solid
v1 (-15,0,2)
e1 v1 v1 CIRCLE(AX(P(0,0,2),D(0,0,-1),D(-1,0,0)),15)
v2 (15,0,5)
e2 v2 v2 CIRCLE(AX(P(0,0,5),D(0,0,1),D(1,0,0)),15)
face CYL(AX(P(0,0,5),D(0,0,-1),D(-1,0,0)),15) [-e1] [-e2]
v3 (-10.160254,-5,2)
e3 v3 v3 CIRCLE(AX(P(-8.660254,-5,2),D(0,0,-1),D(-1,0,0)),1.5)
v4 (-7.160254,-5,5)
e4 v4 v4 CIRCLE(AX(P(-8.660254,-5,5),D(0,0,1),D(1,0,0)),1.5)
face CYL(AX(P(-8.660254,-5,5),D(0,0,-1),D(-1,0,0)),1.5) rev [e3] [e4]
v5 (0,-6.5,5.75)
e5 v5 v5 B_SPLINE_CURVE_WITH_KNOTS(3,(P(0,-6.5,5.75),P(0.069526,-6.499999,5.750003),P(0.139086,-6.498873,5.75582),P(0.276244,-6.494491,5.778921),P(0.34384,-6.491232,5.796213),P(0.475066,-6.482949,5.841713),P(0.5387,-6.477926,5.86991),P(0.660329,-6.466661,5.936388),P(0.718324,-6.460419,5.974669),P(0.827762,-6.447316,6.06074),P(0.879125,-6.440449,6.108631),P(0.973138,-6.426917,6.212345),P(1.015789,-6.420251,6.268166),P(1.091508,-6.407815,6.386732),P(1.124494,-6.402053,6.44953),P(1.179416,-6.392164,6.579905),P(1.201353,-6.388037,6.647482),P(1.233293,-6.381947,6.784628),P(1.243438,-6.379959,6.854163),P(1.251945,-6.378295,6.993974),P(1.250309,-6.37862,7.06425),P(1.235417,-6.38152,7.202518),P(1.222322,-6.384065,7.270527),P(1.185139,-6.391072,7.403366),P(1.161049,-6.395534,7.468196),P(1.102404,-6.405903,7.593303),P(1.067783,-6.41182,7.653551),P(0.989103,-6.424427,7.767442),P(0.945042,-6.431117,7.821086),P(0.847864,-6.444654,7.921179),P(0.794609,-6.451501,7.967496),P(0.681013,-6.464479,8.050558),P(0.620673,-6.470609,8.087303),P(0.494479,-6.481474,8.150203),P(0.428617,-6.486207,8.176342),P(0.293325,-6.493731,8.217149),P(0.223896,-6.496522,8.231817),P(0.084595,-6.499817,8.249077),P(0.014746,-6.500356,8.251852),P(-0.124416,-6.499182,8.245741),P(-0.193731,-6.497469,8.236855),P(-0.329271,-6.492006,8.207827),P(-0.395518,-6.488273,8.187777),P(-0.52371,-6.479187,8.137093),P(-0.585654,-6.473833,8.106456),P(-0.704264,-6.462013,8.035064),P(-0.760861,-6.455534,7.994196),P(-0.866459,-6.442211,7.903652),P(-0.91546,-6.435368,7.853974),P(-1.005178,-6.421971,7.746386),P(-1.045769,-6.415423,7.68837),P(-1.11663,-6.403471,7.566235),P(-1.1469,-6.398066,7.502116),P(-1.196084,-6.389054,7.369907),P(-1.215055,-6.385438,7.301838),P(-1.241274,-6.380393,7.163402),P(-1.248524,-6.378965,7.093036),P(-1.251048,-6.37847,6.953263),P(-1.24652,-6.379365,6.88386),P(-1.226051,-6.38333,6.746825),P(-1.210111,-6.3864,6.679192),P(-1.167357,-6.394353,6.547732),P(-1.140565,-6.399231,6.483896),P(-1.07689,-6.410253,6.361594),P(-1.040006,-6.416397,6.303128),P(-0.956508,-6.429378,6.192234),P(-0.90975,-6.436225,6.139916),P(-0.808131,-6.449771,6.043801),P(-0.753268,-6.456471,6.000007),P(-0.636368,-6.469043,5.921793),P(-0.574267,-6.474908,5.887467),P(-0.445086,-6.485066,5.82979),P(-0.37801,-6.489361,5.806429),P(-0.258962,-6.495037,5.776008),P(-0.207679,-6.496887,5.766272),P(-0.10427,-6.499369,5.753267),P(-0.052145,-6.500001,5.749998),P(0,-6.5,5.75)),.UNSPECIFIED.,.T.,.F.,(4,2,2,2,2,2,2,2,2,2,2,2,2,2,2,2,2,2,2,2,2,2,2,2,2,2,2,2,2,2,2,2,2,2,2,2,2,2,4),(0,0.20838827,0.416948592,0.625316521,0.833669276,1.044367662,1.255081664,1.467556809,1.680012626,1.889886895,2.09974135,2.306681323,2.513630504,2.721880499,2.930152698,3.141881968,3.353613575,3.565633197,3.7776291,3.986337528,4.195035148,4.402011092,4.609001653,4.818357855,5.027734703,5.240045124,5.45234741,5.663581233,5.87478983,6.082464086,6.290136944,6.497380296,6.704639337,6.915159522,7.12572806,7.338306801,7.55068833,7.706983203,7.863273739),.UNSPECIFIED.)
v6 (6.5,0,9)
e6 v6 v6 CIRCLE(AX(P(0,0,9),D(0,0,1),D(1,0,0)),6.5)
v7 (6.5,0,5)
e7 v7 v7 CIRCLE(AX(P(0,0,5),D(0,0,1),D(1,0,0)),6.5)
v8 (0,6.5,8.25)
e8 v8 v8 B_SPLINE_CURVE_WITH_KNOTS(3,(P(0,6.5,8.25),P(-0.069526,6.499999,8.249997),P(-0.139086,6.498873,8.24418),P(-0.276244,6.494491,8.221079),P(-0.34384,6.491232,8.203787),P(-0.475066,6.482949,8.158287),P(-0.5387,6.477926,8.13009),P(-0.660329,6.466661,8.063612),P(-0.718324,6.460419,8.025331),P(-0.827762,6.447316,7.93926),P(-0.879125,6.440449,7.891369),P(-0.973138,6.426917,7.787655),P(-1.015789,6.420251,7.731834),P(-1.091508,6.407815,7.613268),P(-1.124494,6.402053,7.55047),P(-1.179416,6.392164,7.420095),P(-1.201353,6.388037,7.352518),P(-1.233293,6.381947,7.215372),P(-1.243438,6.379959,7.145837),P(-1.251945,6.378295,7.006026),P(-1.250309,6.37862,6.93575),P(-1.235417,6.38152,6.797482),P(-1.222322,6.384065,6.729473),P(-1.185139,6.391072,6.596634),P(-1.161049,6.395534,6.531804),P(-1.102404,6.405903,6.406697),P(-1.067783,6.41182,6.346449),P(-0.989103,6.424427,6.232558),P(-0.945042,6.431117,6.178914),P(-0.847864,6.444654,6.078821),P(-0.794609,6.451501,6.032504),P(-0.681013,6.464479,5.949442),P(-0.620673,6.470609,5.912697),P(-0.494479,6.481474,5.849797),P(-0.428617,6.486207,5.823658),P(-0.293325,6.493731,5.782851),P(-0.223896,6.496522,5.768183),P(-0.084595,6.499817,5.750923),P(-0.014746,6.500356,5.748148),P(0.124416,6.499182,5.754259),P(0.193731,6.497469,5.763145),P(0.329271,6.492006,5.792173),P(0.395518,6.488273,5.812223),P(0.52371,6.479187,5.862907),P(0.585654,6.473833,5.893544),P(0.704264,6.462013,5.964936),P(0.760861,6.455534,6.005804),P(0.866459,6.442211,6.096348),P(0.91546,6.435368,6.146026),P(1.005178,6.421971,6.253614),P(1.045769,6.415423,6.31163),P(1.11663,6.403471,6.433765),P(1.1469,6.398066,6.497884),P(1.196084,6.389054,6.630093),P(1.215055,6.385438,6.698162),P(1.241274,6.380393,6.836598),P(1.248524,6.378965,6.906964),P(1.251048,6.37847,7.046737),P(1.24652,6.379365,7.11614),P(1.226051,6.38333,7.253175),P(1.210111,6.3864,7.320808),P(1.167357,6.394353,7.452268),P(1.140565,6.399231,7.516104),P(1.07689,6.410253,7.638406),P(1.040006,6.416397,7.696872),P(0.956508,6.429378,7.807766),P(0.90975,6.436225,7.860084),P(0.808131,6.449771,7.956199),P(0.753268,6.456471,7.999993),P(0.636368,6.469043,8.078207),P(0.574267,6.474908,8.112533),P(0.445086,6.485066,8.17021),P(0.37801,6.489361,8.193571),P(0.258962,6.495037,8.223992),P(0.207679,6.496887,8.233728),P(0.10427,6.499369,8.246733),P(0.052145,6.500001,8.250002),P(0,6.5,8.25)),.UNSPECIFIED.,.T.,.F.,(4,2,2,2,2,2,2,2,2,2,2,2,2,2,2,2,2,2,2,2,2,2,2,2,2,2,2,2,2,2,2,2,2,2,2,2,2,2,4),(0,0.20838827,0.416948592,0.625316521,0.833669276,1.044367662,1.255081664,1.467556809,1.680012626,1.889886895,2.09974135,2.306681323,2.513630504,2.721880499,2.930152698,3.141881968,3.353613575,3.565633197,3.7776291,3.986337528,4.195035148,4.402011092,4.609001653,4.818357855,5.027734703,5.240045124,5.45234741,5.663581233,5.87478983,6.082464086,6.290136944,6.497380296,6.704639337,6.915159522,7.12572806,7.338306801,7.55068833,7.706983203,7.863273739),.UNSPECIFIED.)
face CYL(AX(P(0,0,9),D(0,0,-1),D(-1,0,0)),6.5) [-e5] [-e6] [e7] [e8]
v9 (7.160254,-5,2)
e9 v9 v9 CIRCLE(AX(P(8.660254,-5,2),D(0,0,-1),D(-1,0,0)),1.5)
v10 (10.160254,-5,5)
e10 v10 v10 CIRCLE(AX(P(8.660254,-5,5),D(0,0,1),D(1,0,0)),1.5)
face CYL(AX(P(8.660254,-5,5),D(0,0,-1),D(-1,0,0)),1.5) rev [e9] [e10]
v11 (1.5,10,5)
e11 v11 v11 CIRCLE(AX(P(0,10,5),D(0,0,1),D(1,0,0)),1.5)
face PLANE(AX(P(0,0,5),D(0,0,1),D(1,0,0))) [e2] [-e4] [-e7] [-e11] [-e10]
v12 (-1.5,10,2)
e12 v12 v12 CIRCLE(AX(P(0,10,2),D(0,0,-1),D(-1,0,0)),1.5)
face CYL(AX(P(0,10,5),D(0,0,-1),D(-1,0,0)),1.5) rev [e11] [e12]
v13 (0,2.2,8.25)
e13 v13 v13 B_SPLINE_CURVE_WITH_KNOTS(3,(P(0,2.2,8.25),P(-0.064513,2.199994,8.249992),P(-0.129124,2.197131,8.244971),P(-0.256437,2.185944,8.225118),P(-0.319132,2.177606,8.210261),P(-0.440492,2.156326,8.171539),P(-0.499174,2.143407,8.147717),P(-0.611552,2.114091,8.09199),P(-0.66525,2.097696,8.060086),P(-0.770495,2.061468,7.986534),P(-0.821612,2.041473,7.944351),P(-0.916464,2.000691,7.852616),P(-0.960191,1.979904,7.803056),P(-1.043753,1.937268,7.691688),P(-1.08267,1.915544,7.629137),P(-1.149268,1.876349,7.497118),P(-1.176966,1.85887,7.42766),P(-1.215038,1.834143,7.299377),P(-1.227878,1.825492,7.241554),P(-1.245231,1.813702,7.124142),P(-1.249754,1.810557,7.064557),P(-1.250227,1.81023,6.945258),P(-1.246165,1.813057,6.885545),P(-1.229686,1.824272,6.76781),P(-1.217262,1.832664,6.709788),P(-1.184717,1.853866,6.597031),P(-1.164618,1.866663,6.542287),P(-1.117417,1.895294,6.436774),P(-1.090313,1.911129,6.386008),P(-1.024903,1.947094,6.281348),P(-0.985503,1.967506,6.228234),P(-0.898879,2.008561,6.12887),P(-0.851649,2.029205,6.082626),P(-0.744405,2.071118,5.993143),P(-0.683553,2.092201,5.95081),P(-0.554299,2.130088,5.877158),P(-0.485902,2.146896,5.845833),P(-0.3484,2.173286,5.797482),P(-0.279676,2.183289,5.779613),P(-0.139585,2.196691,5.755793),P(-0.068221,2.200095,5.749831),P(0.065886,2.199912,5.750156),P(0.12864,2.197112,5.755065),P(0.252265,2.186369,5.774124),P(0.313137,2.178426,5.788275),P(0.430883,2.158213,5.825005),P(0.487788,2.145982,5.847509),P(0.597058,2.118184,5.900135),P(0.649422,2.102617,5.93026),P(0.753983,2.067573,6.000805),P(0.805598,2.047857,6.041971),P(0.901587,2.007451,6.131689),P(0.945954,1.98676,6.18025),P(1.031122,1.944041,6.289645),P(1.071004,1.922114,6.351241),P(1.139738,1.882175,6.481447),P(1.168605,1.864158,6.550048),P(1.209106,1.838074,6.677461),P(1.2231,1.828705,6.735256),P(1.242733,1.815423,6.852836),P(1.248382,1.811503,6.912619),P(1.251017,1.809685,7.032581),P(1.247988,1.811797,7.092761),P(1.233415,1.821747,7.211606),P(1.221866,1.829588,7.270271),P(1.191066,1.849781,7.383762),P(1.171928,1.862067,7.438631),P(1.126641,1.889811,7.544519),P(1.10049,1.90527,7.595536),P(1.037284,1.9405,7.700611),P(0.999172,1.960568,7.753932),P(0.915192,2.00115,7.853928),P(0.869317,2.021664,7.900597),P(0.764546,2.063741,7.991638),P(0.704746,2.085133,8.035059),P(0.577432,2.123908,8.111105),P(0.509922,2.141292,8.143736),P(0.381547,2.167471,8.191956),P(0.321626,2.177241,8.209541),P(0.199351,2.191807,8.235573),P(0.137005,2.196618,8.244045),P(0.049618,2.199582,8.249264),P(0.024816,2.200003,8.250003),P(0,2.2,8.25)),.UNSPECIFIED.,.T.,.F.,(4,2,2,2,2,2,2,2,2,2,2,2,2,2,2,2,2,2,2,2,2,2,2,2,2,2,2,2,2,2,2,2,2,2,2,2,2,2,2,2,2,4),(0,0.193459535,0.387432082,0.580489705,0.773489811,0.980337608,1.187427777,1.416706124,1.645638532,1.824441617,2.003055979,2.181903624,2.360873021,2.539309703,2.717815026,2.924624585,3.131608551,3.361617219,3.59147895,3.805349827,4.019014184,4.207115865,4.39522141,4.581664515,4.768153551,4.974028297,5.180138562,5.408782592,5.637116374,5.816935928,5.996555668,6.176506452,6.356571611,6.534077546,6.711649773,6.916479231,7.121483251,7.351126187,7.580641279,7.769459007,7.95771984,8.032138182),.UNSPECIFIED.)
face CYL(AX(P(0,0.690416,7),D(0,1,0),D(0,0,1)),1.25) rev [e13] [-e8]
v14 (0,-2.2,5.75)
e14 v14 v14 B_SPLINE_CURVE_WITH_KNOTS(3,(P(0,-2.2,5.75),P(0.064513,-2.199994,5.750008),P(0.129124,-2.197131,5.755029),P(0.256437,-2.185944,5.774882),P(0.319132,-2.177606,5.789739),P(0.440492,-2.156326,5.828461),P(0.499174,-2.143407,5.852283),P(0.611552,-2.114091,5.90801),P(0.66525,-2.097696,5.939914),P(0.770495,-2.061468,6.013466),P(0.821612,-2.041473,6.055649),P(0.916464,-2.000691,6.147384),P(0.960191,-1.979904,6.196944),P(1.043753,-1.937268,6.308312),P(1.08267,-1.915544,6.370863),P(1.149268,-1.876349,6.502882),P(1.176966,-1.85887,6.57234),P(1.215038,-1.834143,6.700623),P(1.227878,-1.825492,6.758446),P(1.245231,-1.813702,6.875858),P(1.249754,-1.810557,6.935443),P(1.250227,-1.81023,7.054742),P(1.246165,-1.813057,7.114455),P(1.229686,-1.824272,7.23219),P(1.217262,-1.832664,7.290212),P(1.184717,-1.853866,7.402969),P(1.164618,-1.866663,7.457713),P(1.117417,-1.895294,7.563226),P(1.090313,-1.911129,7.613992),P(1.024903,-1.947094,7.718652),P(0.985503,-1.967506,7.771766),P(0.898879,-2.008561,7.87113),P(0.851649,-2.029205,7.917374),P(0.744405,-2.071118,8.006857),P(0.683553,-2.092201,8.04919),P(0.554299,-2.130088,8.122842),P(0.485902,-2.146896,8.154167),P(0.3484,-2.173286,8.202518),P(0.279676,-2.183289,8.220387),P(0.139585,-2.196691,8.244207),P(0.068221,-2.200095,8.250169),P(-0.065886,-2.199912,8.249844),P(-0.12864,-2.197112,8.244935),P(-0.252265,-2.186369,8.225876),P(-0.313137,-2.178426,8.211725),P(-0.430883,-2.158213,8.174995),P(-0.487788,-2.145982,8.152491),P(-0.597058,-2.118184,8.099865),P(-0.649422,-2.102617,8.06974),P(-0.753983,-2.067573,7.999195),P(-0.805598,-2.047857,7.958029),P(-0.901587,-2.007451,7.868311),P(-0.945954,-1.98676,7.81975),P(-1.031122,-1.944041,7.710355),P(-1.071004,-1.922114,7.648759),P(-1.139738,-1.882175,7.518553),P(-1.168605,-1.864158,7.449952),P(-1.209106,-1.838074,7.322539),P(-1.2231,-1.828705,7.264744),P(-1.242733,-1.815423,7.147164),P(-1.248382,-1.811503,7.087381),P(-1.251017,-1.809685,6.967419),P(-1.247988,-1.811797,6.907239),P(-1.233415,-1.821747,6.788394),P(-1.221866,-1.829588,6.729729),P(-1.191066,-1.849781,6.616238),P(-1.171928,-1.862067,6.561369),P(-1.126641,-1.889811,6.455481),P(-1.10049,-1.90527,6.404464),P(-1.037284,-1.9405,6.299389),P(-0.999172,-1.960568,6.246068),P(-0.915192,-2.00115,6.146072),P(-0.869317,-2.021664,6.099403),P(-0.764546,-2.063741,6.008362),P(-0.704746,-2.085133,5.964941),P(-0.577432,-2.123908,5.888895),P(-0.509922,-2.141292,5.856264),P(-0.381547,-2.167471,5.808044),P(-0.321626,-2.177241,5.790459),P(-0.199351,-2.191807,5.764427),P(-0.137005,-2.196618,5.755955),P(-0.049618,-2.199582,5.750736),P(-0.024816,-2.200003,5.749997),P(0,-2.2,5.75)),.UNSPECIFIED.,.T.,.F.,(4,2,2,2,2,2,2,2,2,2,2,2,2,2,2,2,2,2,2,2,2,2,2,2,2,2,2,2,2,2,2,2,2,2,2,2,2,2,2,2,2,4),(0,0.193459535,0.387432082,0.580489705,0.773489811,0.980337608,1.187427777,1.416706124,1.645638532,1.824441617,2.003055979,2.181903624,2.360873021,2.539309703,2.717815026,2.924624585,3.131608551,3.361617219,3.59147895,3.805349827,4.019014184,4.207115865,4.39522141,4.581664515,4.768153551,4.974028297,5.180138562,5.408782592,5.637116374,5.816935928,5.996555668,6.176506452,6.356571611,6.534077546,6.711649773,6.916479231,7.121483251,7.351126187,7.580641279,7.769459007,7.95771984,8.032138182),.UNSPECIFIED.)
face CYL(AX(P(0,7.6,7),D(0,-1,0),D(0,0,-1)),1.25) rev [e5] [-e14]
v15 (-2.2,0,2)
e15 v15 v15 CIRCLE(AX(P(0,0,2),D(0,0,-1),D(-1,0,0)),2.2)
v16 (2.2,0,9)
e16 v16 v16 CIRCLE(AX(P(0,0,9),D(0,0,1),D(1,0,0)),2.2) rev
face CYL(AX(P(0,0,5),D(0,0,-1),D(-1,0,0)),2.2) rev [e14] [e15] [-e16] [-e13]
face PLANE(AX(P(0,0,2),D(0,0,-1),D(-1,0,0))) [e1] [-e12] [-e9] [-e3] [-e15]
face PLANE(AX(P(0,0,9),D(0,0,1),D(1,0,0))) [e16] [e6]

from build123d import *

# Parameters (mm, degrees)
SKETCH1_R               = 15
SKETCH1_R_2             = 2.2
SKETCH1_R_3             = 1.5
BOSS_EXTRUDE1_DEPTH     = 5
SKETCH2_R               = 6.5
SKETCH2_R_2             = 2.2
BOSS_EXTRUDE2_DEPTH     = 4
BOSS_EXTRUDE3_DEPTH     = 4
SKETCH3_W               = 6
SKETCH3_H               = 2.5
CUT_EXTRUDE1_DEPTH      = 24.043437244
SKETCH5_R               = 1.25
CUT_EXTRUDE2_DEPTH      = 7
SKETCH6_W               = 9
SKETCH6_H               = 2.5
BOSS_EXTRUDE4_DEPTH     = 6
CUT_EXTRUDE3_START      = -4
CUT_EXTRUDE3_DEPTH      = 4
CUT_EXTRUDE4_DEPTH      = 2
CUT_EXTRUDE4_DEPTH_BACK = 14
SKETCH8_R               = 1.25
SKETCH9_R               = 15
CUT_EXTRUDE5_DEPTH      = 2


with BuildPart() as part:
    # Sketch1 → Boss-Extrude1 (new body)
    with BuildSketch(Plane.XY):
        Circle(SKETCH1_R)
        Circle(SKETCH1_R_2, mode=Mode.SUBTRACT)
        with Locations((0, 10)):
            Circle(SKETCH1_R_3, mode=Mode.SUBTRACT)
        with Locations((8.660254038, -5)):
            Circle(SKETCH1_R_3, mode=Mode.SUBTRACT)
        with Locations((-8.660254038, -5)):
            Circle(SKETCH1_R_3, mode=Mode.SUBTRACT)
    extrude(amount=BOSS_EXTRUDE1_DEPTH)

    # Sketch2 → Boss-Extrude2 (add)
    with BuildSketch(Plane.XY.offset(5)):
        Circle(SKETCH2_R)
        Circle(SKETCH2_R_2, mode=Mode.SUBTRACT)
    extrude(amount=BOSS_EXTRUDE2_DEPTH)

    # Sketch4 → Boss-Extrude3 (add)
    with BuildSketch(Plane.XY.offset(5)):
        with BuildLine():
            Line((-4.5, 7.69041576), (-4.5, 4.69041576))
            ThreePointArc((-4.5, 4.69041576), (0, 6.5), (4.5, 4.69041576))
            Line((4.5, 4.69041576), (4.5, 7.69041576))
            Line((4.5, 7.69041576), (-4.5, 7.69041576))
        make_face()
    extrude(amount=BOSS_EXTRUDE3_DEPTH)

    # Sketch3 → Cut-Extrude1 (cut, through all)
    with BuildSketch(Plane.XY.offset(9)):
        with Locations((0, 4.35)):
            Rectangle(SKETCH3_W, SKETCH3_H)
    extrude(amount=-CUT_EXTRUDE1_DEPTH, mode=Mode.SUBTRACT)

    # Sketch5 → Cut-Extrude2 (cut)
    with BuildSketch(Plane(origin=(0, 7.69041576, 0), x_dir=(1, 0, 0), z_dir=(0, 1, 0))):
        with Locations(Location((0, -7, 0), (0, 0, 270))):
            Circle(SKETCH5_R)
    extrude(amount=-CUT_EXTRUDE2_DEPTH, mode=Mode.SUBTRACT)

    # Sketch6 → Boss-Extrude4 (add)
    with BuildSketch(Plane(origin=(-3, 0, 0), x_dir=(0, 0, -1), z_dir=(1, 0, 0))):
        with Locations((-4.5, 4.35)):
            Rectangle(SKETCH6_W, SKETCH6_H)
    extrude(amount=BOSS_EXTRUDE4_DEPTH)

    # Sketch7 → Cut-Extrude3 (cut)
    with BuildSketch(Plane.XY.offset(9).offset(CUT_EXTRUDE3_START)):
        with BuildLine():
            ThreePointArc((-4.5, 4.69041576), (0, 6.5), (4.5, 4.69041576))
            Line((4.5, 4.69041576), (4.5, 7.69041576))
            Line((4.5, 7.69041576), (-4.5, 7.69041576))
            Line((-4.5, 7.69041576), (-4.5, 4.69041576))
        make_face()
    extrude(amount=CUT_EXTRUDE3_DEPTH, mode=Mode.SUBTRACT)

    # Sketch8 → Cut-Extrude4 (cut, two sides: drawn at the far end of the back side and taken through both)
    with BuildSketch(Plane(origin=(0, 5.6, 0), x_dir=(1, 0, 0), z_dir=(0, 1, 0)).offset(-CUT_EXTRUDE4_DEPTH_BACK)):
        with Locations(Location((0, -7, 0), (0, 0, 270))):
            Circle(SKETCH8_R)
    extrude(amount=CUT_EXTRUDE4_DEPTH + CUT_EXTRUDE4_DEPTH_BACK, mode=Mode.SUBTRACT)

    # Sketch9 → Cut-Extrude5 (cut)
    with BuildSketch(Plane(origin=(0, 0, 0), x_dir=(-1, 0, 0), z_dir=(0, 0, -1))):
        Circle(SKETCH9_R)
    extrude(amount=-CUT_EXTRUDE5_DEPTH, mode=Mode.SUBTRACT)


solid = part.part
